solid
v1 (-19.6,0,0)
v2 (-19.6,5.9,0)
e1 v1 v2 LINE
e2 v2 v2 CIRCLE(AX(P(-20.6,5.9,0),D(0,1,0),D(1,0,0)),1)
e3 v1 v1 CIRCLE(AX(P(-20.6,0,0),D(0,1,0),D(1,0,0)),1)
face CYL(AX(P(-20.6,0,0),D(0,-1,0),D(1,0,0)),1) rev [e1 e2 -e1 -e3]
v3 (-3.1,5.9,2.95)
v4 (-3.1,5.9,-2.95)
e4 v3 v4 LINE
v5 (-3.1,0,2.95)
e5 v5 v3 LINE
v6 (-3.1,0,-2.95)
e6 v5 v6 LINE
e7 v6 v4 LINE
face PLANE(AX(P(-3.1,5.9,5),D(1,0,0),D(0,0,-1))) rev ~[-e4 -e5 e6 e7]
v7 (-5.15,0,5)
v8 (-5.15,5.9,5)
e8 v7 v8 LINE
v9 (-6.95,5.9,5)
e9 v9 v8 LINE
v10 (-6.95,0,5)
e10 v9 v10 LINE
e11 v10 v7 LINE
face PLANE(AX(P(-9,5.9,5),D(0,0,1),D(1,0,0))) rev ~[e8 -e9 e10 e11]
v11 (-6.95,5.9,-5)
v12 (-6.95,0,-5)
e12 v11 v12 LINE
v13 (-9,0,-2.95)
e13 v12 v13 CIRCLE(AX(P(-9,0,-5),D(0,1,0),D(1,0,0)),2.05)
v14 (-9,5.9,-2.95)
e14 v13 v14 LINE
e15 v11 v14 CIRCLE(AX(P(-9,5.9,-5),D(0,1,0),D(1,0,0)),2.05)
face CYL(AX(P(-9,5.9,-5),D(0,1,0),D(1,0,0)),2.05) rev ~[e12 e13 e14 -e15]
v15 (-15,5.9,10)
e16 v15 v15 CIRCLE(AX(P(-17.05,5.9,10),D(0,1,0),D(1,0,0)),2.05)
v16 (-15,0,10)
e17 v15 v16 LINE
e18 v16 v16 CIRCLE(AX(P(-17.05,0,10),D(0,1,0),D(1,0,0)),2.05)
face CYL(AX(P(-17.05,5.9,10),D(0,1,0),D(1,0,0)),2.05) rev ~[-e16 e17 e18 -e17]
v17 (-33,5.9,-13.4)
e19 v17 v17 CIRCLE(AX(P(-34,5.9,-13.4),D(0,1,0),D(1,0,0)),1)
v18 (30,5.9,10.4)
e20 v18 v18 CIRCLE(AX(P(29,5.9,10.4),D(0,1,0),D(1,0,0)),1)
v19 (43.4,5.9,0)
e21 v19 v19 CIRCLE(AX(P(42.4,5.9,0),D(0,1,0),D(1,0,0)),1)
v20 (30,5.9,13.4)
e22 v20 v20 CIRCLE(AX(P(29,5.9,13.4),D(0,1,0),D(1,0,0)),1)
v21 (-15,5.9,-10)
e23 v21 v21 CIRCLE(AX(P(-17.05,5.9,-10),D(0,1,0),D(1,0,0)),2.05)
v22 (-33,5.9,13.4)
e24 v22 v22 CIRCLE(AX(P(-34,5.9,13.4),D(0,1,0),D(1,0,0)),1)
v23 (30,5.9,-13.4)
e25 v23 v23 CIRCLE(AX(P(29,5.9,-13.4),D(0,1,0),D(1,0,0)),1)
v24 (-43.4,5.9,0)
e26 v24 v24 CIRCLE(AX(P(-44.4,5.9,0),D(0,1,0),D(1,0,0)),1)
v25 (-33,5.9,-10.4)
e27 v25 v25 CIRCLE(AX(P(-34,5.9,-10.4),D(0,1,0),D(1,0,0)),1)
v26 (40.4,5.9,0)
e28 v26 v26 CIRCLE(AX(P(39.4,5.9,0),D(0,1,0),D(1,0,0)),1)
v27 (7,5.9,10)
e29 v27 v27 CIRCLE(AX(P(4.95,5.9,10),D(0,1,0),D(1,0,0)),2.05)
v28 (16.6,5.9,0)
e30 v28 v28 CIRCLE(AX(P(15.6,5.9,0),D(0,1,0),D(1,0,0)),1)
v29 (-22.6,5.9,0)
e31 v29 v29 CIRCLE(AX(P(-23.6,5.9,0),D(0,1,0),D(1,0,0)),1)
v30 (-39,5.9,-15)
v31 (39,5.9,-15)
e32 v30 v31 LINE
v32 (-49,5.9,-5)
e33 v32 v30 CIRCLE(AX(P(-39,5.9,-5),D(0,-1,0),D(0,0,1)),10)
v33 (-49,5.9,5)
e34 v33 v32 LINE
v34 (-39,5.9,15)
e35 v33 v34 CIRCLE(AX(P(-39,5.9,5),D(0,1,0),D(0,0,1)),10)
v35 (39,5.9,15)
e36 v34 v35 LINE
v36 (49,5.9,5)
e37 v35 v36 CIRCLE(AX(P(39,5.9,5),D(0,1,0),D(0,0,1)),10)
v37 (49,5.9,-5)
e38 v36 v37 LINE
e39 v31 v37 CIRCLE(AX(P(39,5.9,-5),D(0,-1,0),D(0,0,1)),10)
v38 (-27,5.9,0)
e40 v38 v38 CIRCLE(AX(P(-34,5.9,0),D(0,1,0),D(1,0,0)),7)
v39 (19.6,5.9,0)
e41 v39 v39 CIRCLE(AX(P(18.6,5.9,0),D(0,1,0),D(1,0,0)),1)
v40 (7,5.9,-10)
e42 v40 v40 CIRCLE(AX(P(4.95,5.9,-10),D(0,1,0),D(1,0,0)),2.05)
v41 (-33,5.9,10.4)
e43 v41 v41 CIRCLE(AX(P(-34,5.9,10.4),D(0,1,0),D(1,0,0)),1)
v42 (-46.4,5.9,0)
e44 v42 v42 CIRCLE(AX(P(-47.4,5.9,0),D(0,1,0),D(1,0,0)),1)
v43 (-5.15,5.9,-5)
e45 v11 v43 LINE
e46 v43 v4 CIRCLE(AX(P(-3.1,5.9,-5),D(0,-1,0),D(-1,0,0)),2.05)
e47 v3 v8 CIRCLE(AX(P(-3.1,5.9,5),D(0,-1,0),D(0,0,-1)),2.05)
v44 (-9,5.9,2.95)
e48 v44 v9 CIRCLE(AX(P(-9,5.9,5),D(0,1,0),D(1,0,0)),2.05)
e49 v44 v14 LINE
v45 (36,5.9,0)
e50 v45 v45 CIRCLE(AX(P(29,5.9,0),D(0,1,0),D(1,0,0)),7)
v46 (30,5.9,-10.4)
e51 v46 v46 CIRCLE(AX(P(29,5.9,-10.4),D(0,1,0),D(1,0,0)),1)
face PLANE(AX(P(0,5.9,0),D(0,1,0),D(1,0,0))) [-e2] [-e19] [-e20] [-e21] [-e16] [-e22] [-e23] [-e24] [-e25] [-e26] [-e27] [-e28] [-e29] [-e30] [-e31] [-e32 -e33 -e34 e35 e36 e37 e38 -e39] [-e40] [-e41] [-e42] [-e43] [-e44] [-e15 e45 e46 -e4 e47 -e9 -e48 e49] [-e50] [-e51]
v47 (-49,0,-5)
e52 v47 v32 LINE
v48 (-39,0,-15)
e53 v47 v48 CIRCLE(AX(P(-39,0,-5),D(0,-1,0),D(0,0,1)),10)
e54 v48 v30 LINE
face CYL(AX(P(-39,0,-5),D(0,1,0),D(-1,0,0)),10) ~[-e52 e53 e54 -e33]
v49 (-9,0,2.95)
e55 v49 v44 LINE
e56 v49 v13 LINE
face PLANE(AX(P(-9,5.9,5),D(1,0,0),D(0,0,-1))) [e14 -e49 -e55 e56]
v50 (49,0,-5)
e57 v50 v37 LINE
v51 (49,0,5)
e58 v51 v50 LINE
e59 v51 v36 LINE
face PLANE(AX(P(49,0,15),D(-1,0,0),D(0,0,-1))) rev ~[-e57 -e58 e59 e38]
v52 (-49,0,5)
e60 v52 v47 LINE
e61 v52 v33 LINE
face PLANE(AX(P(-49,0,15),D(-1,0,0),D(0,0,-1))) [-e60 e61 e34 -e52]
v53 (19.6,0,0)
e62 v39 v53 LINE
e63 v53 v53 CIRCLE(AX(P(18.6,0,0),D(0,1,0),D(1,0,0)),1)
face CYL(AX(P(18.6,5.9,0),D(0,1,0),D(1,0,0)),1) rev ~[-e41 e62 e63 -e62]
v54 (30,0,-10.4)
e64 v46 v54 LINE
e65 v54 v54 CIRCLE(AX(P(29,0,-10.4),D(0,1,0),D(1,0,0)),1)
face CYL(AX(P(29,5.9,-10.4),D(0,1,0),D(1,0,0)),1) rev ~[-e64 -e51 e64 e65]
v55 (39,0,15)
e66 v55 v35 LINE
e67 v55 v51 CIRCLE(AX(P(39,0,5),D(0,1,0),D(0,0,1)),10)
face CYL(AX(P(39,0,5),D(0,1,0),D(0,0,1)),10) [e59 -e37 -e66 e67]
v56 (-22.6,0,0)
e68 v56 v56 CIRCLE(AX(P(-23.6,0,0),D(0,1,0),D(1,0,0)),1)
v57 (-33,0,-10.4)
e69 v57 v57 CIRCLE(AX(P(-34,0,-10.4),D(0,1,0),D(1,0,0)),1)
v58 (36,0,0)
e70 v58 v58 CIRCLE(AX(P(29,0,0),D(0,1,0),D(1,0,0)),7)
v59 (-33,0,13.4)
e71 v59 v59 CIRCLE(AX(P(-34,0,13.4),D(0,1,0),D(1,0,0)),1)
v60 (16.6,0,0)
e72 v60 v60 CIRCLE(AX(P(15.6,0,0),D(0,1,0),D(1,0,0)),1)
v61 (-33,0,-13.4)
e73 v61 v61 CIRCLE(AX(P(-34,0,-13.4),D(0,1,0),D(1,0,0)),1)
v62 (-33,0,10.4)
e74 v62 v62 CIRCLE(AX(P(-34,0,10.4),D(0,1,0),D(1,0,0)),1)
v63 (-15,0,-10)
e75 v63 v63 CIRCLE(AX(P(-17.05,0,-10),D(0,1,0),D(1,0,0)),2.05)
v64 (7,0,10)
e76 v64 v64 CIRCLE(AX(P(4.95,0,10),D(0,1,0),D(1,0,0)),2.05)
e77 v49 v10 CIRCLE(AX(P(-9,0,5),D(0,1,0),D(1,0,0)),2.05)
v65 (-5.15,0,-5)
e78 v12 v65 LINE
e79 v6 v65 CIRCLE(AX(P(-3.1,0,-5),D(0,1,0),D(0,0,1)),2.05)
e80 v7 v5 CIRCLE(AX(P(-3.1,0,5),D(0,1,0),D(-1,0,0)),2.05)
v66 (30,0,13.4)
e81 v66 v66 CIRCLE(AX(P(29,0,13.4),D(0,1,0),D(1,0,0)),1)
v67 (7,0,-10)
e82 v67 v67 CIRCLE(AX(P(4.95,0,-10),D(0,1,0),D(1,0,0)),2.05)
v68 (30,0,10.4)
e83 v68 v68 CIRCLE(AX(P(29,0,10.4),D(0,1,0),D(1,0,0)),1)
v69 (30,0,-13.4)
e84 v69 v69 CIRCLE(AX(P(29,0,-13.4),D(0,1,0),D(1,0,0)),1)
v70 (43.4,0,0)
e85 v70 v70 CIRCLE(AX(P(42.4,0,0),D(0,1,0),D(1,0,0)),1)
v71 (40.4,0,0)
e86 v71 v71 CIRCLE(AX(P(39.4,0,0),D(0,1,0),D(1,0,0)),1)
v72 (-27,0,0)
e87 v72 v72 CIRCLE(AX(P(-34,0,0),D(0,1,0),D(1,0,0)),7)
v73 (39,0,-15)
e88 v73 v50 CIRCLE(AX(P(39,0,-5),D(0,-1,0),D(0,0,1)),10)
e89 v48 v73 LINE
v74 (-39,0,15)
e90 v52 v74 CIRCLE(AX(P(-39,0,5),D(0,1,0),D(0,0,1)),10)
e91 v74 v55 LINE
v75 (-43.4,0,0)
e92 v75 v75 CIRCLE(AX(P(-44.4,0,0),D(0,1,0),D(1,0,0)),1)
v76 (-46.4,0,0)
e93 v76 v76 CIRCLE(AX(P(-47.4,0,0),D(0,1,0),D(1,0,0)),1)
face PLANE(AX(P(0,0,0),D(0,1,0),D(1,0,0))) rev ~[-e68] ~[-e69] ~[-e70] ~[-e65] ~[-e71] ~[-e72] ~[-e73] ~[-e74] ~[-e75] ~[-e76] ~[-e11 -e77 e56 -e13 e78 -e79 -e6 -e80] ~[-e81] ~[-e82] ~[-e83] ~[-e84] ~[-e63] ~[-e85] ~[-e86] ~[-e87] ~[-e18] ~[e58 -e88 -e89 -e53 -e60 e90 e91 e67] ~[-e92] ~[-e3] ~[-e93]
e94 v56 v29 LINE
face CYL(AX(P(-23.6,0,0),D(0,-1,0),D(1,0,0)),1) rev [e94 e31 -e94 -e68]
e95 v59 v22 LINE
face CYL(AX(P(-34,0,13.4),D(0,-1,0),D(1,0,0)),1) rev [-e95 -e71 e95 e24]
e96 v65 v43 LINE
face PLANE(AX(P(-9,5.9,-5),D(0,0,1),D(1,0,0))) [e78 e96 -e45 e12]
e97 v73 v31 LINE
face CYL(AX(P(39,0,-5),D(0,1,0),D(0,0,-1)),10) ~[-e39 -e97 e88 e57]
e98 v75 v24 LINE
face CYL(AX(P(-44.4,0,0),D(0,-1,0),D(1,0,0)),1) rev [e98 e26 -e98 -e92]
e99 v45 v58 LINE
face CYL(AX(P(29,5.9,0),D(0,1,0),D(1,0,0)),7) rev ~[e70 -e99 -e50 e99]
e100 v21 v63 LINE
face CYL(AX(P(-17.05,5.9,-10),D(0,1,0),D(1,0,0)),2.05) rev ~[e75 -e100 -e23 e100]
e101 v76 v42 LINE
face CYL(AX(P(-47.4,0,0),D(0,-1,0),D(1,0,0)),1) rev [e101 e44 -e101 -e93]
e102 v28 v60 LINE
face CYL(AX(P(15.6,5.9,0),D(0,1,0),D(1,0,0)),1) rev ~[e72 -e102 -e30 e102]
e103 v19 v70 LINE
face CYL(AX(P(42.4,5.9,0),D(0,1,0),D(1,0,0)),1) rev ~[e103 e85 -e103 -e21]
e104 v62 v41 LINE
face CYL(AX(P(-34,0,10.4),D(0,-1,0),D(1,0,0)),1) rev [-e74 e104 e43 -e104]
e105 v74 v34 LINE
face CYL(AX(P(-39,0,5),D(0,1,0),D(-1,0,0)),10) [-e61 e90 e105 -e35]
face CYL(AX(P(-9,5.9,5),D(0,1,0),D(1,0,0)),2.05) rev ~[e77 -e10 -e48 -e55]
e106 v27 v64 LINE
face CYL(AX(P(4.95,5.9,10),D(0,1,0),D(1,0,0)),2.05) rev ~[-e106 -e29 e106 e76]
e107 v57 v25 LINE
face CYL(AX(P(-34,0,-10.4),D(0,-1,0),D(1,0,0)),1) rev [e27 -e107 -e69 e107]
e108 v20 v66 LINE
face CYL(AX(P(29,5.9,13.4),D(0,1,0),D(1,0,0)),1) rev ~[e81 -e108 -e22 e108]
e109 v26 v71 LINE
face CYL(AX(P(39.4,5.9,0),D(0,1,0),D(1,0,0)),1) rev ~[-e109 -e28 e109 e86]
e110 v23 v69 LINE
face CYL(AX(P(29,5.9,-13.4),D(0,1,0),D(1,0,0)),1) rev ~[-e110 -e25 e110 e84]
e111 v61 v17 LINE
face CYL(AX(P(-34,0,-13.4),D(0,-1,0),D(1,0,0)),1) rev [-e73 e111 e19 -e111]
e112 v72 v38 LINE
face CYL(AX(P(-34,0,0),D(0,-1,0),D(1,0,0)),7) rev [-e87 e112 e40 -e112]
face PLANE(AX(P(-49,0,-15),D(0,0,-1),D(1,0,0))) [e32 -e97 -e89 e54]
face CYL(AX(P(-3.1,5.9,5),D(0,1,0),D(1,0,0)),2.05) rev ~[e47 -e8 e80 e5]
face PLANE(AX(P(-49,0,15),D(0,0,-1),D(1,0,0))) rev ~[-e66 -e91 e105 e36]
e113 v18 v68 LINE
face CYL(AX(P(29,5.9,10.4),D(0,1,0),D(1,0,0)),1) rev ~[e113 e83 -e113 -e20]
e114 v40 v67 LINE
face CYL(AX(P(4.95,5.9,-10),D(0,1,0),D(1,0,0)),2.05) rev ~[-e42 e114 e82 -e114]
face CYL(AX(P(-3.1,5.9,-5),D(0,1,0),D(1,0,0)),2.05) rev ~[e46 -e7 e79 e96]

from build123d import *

# Parameters (mm, degrees)
SKETCH1_W           = 98
SKETCH1_H           = 30
SKETCH1_R           = 7
SKETCH1_R_2         = 1
BOSS_EXTRUDE1_DEPTH = 5.9
SKETCH3_W           = 5.9
SKETCH3_H           = 10
CUT_EXTRUDE2_DEPTH  = 10
SKETCH4_R           = 7
SKETCH4_R_2         = 1
CUT_EXTRUDE3_DEPTH  = 10
FILLET1_R           = 10
CUT_EXTRUDE4_REACH  = 7.9
SKETCH5_R           = 2.05
SKETCH6_R           = 2.05
CUT_EXTRUDE5_DEPTH  = 10


with BuildPart() as part:
    # Sketch1 → Boss-Extrude1 (new body)
    with BuildSketch(Plane(origin=(0, 0, 0), x_dir=(1, 0, 0), z_dir=(0, 1, 0))):
        Rectangle(SKETCH1_W, SKETCH1_H)
        with Locations((-34, 0)):
            Circle(SKETCH1_R, mode=Mode.SUBTRACT)
        with Locations((-44.4, 0)):
            Circle(SKETCH1_R_2, mode=Mode.SUBTRACT)
        with Locations((-47.4, 0)):
            Circle(SKETCH1_R_2, mode=Mode.SUBTRACT)
        with Locations((-34, 10.4)):
            Circle(SKETCH1_R_2, mode=Mode.SUBTRACT)
        with Locations((-34, 13.4)):
            Circle(SKETCH1_R_2, mode=Mode.SUBTRACT)
        with Locations((-23.6, 0)):
            Circle(SKETCH1_R_2, mode=Mode.SUBTRACT)
        with Locations((-20.6, 0)):
            Circle(SKETCH1_R_2, mode=Mode.SUBTRACT)
        with Locations((-34, -10.4)):
            Circle(SKETCH1_R_2, mode=Mode.SUBTRACT)
        with Locations((-34, -13.4)):
            Circle(SKETCH1_R_2, mode=Mode.SUBTRACT)
    extrude(amount=BOSS_EXTRUDE1_DEPTH)

    # Sketch3 → Cut-Extrude2 (cut)
    with BuildSketch(Plane(origin=(0, 5.9, 0), x_dir=(1, 0, 0), z_dir=(0, 1, 0))):
        with Locations((-6.05, 0)):
            Rectangle(SKETCH3_W, SKETCH3_H)
    extrude(amount=-CUT_EXTRUDE2_DEPTH, mode=Mode.SUBTRACT)

    # Sketch4 → Cut-Extrude3 (cut)
    with BuildSketch(Plane(origin=(0, 5.9, 0), x_dir=(1, 0, 0), z_dir=(0, 1, 0))):
        with Locations((-34, 0)):
            Circle(SKETCH4_R)
        with Locations((-34, -13.4)):
            Circle(SKETCH4_R_2)
        with Locations((-34, -10.4)):
            Circle(SKETCH4_R_2)
        with Locations((-44.4, 0)):
            Circle(SKETCH4_R_2)
        with Locations((-47.4, 0)):
            Circle(SKETCH4_R_2)
        with Locations((-34, 13.4)):
            Circle(SKETCH4_R_2)
        with Locations((-23.6, 0)):
            Circle(SKETCH4_R_2)
        with Locations((-20.6, 0)):
            Circle(SKETCH4_R_2)
        with Locations((-34, 10.4)):
            Circle(SKETCH4_R_2)
        with Locations((29, -13.4)):
            Circle(SKETCH4_R_2)
        with Locations((29, -10.4)):
            Circle(SKETCH4_R_2)
        with Locations((42.4, 0)):
            Circle(SKETCH4_R_2)
        with Locations((39.4, 0)):
            Circle(SKETCH4_R_2)
        with Locations((29, 0)):
            Circle(SKETCH4_R)
        with Locations((29, 10.4)):
            Circle(SKETCH4_R_2)
        with Locations((29, 13.4)):
            Circle(SKETCH4_R_2)
        with Locations((18.6, 0)):
            Circle(SKETCH4_R_2)
        with Locations((15.6, 0)):
            Circle(SKETCH4_R_2)
    extrude(amount=-CUT_EXTRUDE3_DEPTH, mode=Mode.SUBTRACT)

    # Fillet1
    fillet1_edges = [part.edges().sort_by_distance(p)[0] for p in [
        (49, 2.95, 15),
        (-49, 2.95, 15),
        (-49, 2.95, -15),
        (49, 2.95, -15),
    ]]
    fillet(fillet1_edges, radius=FILLET1_R)

    # Sketch5 → Cut-Extrude4 (cut, up to next)
    with BuildSketch(Plane(origin=(0, 5.9, 0), x_dir=(1, 0, 0), z_dir=(0, 1, 0)), mode=Mode.PRIVATE) as cut_extrude4_sk1:
        with Locations((-9, 5)):
            Circle(SKETCH5_R)
    cut_extrude4_tool1 = extrude(cut_extrude4_sk1.sketch, amount=-CUT_EXTRUDE4_REACH, mode=Mode.PRIVATE) & part.part
    add(cut_extrude4_tool1.solids().sort_by_distance((-9, 5.9, -5))[0], mode=Mode.SUBTRACT)
    # Sketch5 → Cut-Extrude4 (cut, up to next)
    with BuildSketch(Plane(origin=(0, 5.9, 0), x_dir=(1, 0, 0), z_dir=(0, 1, 0)), mode=Mode.PRIVATE) as cut_extrude4_sk2:
        with Locations((-3.1, 5)):
            Circle(SKETCH5_R)
    cut_extrude4_tool2 = extrude(cut_extrude4_sk2.sketch, amount=-CUT_EXTRUDE4_REACH, mode=Mode.PRIVATE) & part.part
    add(cut_extrude4_tool2.solids().sort_by_distance((-3.1, 5.9, -5))[0], mode=Mode.SUBTRACT)
    # Sketch5 → Cut-Extrude4 (cut, up to next)
    with BuildSketch(Plane(origin=(0, 5.9, 0), x_dir=(1, 0, 0), z_dir=(0, 1, 0)), mode=Mode.PRIVATE) as cut_extrude4_sk3:
        with Locations((-3.1, -5)):
            Circle(SKETCH5_R)
    cut_extrude4_tool3 = extrude(cut_extrude4_sk3.sketch, amount=-CUT_EXTRUDE4_REACH, mode=Mode.PRIVATE) & part.part
    add(cut_extrude4_tool3.solids().sort_by_distance((-3.1, 5.9, 5))[0], mode=Mode.SUBTRACT)
    # Sketch5 → Cut-Extrude4 (cut, up to next)
    with BuildSketch(Plane(origin=(0, 5.9, 0), x_dir=(1, 0, 0), z_dir=(0, 1, 0)), mode=Mode.PRIVATE) as cut_extrude4_sk4:
        with Locations((-9, -5)):
            Circle(SKETCH5_R)
    cut_extrude4_tool4 = extrude(cut_extrude4_sk4.sketch, amount=-CUT_EXTRUDE4_REACH, mode=Mode.PRIVATE) & part.part
    add(cut_extrude4_tool4.solids().sort_by_distance((-9, 5.9, 5))[0], mode=Mode.SUBTRACT)

    # Sketch6 → Cut-Extrude5 (cut)
    with BuildSketch(Plane(origin=(0, 5.9, 0), x_dir=(1, 0, 0), z_dir=(0, 1, 0))):
        with Locations((-17.05, 10)):
            Circle(SKETCH6_R)
        with Locations((-17.05, -10)):
            Circle(SKETCH6_R)
        with Locations((4.95, -10)):
            Circle(SKETCH6_R)
        with Locations((4.95, 10)):
            Circle(SKETCH6_R)
    extrude(amount=-CUT_EXTRUDE5_DEPTH, mode=Mode.SUBTRACT)


solid = part.part
